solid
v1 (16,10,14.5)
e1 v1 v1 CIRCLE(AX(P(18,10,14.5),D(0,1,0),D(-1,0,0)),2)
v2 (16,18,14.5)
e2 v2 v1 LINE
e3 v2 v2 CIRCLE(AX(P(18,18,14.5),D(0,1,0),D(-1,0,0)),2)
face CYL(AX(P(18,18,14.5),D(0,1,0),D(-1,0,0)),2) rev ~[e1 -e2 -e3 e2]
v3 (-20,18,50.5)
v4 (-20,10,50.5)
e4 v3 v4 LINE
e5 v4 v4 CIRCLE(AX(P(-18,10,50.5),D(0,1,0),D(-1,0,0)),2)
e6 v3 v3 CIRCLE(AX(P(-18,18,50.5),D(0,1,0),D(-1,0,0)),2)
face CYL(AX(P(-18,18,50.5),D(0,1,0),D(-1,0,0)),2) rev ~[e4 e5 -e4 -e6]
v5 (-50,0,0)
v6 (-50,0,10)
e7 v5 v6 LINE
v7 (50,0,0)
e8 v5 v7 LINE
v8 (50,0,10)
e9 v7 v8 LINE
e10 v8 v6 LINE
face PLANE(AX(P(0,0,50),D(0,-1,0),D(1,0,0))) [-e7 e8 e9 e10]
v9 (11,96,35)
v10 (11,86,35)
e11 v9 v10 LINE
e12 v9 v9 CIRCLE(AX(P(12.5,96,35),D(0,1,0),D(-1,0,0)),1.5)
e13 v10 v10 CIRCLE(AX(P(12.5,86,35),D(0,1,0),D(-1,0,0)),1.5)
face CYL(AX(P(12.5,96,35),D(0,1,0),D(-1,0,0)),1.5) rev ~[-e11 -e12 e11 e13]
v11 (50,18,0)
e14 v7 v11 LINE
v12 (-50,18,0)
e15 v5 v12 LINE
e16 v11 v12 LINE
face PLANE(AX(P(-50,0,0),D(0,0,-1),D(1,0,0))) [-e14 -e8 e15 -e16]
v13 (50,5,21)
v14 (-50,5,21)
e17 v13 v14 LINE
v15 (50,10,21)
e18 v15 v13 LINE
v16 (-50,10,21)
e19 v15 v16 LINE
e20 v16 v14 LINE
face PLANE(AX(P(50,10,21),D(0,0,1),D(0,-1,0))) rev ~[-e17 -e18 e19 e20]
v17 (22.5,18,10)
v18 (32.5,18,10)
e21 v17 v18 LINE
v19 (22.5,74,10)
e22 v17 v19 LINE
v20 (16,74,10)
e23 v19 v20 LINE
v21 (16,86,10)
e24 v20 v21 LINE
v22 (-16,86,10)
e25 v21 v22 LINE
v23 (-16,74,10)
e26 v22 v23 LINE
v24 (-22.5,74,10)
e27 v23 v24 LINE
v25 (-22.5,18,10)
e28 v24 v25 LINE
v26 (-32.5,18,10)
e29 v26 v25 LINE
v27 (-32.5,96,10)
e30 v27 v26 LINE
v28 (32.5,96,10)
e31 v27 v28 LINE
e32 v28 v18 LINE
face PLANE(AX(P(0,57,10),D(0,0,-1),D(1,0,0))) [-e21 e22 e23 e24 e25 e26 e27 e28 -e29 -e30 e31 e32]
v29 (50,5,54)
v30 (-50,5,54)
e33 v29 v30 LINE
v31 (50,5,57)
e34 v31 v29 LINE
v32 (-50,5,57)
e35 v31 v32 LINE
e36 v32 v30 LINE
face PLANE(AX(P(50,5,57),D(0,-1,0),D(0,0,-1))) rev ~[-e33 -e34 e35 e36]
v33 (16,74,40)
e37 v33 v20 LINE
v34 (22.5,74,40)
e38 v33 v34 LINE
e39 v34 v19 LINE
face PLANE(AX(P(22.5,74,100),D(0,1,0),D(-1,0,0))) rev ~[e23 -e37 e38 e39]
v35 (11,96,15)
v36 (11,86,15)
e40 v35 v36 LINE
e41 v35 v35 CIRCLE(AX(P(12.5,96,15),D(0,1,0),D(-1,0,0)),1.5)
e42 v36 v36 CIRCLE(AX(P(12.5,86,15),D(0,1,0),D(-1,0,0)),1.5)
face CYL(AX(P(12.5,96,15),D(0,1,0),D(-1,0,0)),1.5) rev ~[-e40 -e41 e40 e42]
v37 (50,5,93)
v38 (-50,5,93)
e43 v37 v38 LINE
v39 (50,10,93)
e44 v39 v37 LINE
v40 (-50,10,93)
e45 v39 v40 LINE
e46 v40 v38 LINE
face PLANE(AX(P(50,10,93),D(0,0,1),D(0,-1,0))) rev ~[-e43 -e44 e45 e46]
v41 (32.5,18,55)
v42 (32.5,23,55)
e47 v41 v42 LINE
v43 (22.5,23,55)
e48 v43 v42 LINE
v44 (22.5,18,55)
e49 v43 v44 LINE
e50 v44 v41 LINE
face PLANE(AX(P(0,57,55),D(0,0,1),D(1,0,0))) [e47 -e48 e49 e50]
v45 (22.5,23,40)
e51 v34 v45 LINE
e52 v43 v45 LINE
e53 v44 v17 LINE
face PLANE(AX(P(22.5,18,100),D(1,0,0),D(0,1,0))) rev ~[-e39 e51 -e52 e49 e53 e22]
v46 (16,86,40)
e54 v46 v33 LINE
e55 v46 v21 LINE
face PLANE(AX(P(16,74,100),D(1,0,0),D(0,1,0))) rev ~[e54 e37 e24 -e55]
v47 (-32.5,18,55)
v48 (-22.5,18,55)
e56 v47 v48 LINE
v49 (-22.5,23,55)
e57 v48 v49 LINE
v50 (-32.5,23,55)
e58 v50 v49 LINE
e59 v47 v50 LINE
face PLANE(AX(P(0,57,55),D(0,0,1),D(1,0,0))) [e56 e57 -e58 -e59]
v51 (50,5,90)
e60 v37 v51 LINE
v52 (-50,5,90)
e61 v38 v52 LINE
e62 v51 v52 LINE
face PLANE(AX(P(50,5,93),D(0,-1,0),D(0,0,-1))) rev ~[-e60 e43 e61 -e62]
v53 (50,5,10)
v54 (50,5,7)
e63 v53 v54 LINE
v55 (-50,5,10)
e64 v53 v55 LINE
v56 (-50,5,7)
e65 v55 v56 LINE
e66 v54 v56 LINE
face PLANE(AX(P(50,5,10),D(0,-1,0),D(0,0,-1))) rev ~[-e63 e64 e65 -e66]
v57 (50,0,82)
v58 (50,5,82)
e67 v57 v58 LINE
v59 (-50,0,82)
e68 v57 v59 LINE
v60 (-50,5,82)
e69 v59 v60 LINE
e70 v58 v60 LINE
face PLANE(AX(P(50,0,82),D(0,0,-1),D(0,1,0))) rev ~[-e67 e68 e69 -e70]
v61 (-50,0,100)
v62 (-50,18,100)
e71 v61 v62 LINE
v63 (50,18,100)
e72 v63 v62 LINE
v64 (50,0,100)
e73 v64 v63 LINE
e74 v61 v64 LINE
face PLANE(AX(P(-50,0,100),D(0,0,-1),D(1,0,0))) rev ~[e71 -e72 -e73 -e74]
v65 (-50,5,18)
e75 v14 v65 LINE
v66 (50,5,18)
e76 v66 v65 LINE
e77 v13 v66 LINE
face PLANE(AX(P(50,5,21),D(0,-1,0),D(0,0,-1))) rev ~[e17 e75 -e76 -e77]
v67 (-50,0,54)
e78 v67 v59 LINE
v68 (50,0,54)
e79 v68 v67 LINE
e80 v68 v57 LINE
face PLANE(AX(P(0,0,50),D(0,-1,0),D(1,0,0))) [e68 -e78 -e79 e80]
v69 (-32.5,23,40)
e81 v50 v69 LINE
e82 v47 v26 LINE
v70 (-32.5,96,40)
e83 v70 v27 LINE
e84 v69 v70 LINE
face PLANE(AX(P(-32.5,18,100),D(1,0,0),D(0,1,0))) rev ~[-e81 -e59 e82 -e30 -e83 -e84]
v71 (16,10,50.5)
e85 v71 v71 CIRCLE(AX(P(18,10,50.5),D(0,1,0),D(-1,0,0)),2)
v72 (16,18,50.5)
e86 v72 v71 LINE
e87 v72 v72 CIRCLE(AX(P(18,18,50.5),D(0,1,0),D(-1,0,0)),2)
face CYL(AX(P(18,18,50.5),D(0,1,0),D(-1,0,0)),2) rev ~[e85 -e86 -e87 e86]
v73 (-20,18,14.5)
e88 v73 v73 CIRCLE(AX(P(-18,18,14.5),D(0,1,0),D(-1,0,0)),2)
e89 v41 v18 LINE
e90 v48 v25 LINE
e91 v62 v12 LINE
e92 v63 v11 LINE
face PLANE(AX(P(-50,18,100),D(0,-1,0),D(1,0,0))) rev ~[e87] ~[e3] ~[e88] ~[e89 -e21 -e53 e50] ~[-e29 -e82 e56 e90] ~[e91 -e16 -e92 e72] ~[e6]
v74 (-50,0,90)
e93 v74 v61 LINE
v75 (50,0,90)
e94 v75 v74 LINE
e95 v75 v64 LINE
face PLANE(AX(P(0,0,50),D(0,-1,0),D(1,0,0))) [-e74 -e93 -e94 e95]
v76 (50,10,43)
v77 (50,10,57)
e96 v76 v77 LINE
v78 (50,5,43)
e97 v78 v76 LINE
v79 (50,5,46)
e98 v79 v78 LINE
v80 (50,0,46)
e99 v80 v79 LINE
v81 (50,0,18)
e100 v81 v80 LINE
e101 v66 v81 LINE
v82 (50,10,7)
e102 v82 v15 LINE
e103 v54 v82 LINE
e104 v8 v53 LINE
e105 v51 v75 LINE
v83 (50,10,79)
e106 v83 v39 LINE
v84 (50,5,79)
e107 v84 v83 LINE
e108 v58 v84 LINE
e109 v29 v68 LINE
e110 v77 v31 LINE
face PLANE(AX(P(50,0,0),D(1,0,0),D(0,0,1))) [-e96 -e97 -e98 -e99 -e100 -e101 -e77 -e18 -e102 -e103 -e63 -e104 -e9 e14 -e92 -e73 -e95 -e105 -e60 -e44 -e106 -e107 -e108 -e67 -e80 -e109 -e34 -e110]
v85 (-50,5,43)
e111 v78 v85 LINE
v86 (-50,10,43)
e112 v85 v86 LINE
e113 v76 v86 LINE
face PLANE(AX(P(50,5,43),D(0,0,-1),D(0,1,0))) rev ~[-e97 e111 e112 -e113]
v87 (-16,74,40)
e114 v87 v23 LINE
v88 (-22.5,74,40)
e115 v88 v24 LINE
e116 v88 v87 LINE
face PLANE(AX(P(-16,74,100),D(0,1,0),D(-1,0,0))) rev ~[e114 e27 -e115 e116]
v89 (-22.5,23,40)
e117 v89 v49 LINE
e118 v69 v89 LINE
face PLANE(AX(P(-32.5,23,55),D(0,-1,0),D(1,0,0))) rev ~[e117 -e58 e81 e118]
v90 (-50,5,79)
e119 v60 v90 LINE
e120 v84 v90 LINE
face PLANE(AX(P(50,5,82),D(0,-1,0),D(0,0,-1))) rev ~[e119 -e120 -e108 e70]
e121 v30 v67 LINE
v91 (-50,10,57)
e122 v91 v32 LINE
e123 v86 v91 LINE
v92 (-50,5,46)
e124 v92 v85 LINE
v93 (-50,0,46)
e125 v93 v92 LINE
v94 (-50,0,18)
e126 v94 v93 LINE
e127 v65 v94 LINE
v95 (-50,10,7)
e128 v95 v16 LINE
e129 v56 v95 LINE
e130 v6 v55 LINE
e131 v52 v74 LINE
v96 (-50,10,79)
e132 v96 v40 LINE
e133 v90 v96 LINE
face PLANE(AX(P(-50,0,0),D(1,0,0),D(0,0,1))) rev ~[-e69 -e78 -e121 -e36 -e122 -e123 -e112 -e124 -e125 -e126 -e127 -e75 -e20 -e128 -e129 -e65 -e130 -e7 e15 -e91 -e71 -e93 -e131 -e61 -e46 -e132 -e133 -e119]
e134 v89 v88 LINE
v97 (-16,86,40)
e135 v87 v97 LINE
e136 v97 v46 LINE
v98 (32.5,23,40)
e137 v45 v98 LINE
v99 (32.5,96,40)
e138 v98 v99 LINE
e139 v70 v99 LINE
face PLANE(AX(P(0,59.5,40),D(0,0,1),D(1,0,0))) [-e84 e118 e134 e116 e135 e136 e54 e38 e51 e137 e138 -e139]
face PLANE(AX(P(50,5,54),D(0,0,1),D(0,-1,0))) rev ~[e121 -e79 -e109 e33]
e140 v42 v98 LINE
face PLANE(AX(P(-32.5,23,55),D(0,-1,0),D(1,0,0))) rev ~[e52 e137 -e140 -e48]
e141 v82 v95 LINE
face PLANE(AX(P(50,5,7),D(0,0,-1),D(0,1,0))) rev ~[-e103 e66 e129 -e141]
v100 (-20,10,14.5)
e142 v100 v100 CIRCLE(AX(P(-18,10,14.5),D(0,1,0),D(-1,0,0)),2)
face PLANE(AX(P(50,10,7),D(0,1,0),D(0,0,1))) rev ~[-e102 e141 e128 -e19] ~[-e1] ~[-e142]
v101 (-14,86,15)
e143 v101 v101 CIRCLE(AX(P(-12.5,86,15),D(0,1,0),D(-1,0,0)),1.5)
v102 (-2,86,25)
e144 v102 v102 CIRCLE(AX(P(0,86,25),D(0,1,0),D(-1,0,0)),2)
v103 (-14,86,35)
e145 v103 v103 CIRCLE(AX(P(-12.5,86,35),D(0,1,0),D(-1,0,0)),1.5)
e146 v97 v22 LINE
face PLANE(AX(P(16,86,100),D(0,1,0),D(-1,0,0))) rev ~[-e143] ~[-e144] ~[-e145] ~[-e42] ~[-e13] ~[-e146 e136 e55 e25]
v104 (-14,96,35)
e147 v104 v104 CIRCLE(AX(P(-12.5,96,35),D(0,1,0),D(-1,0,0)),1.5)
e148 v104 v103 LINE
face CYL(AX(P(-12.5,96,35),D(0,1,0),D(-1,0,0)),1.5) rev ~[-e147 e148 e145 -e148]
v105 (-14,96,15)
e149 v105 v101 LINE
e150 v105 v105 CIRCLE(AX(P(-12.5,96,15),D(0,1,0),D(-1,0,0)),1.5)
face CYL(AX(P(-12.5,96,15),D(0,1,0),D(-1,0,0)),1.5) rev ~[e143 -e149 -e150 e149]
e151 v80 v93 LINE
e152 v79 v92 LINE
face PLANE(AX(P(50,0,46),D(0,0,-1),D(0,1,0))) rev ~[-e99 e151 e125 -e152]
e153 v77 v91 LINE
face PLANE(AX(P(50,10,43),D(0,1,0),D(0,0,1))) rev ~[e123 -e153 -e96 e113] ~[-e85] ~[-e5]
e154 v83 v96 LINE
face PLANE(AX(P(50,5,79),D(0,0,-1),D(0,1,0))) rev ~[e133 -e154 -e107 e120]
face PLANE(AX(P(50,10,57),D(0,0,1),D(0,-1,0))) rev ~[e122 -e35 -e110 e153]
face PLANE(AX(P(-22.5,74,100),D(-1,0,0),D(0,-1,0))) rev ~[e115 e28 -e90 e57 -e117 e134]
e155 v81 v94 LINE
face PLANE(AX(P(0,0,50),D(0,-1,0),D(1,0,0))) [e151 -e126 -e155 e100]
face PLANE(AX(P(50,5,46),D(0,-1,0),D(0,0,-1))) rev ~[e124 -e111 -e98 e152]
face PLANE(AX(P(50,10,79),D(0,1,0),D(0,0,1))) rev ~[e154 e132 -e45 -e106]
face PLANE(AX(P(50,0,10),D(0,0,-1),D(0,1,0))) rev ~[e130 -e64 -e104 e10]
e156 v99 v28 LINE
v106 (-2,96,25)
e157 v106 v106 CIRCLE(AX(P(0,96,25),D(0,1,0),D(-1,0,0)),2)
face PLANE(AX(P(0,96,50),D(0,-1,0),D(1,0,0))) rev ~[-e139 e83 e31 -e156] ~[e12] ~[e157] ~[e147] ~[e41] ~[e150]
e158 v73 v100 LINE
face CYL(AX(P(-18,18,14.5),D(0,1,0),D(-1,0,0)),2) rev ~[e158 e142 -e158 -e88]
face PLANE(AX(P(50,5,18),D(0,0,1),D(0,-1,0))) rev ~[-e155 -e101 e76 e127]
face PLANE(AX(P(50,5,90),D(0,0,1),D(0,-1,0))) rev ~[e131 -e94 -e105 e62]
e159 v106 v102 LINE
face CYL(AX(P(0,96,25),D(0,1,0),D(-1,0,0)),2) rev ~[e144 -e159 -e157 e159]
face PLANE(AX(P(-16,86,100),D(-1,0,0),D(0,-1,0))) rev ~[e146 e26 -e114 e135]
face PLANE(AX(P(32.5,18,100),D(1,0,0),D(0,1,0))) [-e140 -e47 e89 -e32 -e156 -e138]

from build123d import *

# Parameters (mm, degrees)
F0_W      = 100
F0_H      = 100
F1_DEPTH  = 96
F2_W      = 17.5
F2_H      = 78
F3_DEPTH  = 100.001
F4_W      = 65
F4_H      = 78
F5_DEPTH  = 45
F6_W      = 65
F6_H      = 78
F7_DEPTH  = 10
F8_W      = 65
F8_H      = 73
F9_DEPTH  = 15
F11_DEPTH = 100.001
F12_R     = 1.5
F12_R_2   = 2
F13_DEPTH = 10
F14_R     = 2
F15_DEPTH = 8


with BuildPart() as f1:
    # F0 (on Front) → F1 (new body)
    with BuildSketch(Plane.XZ):
        with Locations((0, 50)):
            Rectangle(F0_W, F0_H)
    extrude(amount=-F1_DEPTH)

    # F2 (on face) → F3 (cut, through all)
    with BuildSketch(Plane.XY.offset(100)):
        with Locations((-41.25, 57)):
            Rectangle(F2_W, F2_H)
        with Locations((41.25, 57)):
            Rectangle(F2_W, F2_H)
        Polygon((-22.5, 74), (-22.5, 18), (22.5, 18), (22.5, 74), (16, 74), (16, 86), (-16, 86), (-16, 74), align=None)
    extrude(amount=-F3_DEPTH, mode=Mode.SUBTRACT)

    # F4 (on face) → F5 (cut)
    with BuildSketch(Plane.XY.offset(100)):
        with Locations((0, 57)):
            Rectangle(F4_W, F4_H)
    extrude(amount=-F5_DEPTH, mode=Mode.SUBTRACT)

    # F6 (on face) → F7 (cut)
    with BuildSketch(Plane(origin=(0, 0, 0), x_dir=(1, 0, 0), z_dir=(0, 0, -1))):
        with Locations((0, -57)):
            Rectangle(F6_W, F6_H)
    extrude(amount=-F7_DEPTH, mode=Mode.SUBTRACT)

    # F8 (on face) → F9 (cut)
    with BuildSketch(Plane.XY.offset(55)):
        with Locations((0, 59.5)):
            Rectangle(F8_W, F8_H)
    extrude(amount=-F9_DEPTH, mode=Mode.SUBTRACT)

    # F10 (on face) → F11 (cut, through all)
    with BuildSketch(Plane.YZ.offset(50)):
        Polygon((0, 18), (0, 10), (5, 10), (5, 7), (10, 7), (10, 21), (5, 21), (5, 18), align=None)
        Polygon((5, 46), (5, 43), (10, 43), (10, 57), (5, 57), (5, 54), (0, 54), (0, 46), align=None)
        Polygon((5, 82), (5, 79), (10, 79), (10, 93), (5, 93), (5, 90), (0, 90), (0, 82), align=None)
    extrude(amount=-F11_DEPTH, mode=Mode.SUBTRACT)

    # F12 (on face) → F13 (cut)
    with BuildSketch(Plane(origin=(0, 96, 0), x_dir=(-1, 0, 0), z_dir=(0, 1, 0))):
        with Locations((-12.5, 35)):
            Circle(F12_R)
        with Locations((-12.5, 15)):
            Circle(F12_R)
        with Locations((12.5, 35)):
            Circle(F12_R)
        with Locations((12.5, 15)):
            Circle(F12_R)
        with Locations((0, 25)):
            Circle(F12_R_2)
    extrude(amount=-F13_DEPTH, mode=Mode.SUBTRACT)

    # F14 (on face) → F15 (cut)
    with BuildSketch(Plane(origin=(0, 18, 0), x_dir=(-1, 0, 0), z_dir=(0, 1, 0))):
        with Locations((18, 50.5)):
            Circle(F14_R)
        with Locations((18, 14.5)):
            Circle(F14_R)
        with Locations((-18, 50.5)):
            Circle(F14_R)
        with Locations((-18, 14.5)):
            Circle(F14_R)
    extrude(amount=-F15_DEPTH, mode=Mode.SUBTRACT)


solid = f1.part
